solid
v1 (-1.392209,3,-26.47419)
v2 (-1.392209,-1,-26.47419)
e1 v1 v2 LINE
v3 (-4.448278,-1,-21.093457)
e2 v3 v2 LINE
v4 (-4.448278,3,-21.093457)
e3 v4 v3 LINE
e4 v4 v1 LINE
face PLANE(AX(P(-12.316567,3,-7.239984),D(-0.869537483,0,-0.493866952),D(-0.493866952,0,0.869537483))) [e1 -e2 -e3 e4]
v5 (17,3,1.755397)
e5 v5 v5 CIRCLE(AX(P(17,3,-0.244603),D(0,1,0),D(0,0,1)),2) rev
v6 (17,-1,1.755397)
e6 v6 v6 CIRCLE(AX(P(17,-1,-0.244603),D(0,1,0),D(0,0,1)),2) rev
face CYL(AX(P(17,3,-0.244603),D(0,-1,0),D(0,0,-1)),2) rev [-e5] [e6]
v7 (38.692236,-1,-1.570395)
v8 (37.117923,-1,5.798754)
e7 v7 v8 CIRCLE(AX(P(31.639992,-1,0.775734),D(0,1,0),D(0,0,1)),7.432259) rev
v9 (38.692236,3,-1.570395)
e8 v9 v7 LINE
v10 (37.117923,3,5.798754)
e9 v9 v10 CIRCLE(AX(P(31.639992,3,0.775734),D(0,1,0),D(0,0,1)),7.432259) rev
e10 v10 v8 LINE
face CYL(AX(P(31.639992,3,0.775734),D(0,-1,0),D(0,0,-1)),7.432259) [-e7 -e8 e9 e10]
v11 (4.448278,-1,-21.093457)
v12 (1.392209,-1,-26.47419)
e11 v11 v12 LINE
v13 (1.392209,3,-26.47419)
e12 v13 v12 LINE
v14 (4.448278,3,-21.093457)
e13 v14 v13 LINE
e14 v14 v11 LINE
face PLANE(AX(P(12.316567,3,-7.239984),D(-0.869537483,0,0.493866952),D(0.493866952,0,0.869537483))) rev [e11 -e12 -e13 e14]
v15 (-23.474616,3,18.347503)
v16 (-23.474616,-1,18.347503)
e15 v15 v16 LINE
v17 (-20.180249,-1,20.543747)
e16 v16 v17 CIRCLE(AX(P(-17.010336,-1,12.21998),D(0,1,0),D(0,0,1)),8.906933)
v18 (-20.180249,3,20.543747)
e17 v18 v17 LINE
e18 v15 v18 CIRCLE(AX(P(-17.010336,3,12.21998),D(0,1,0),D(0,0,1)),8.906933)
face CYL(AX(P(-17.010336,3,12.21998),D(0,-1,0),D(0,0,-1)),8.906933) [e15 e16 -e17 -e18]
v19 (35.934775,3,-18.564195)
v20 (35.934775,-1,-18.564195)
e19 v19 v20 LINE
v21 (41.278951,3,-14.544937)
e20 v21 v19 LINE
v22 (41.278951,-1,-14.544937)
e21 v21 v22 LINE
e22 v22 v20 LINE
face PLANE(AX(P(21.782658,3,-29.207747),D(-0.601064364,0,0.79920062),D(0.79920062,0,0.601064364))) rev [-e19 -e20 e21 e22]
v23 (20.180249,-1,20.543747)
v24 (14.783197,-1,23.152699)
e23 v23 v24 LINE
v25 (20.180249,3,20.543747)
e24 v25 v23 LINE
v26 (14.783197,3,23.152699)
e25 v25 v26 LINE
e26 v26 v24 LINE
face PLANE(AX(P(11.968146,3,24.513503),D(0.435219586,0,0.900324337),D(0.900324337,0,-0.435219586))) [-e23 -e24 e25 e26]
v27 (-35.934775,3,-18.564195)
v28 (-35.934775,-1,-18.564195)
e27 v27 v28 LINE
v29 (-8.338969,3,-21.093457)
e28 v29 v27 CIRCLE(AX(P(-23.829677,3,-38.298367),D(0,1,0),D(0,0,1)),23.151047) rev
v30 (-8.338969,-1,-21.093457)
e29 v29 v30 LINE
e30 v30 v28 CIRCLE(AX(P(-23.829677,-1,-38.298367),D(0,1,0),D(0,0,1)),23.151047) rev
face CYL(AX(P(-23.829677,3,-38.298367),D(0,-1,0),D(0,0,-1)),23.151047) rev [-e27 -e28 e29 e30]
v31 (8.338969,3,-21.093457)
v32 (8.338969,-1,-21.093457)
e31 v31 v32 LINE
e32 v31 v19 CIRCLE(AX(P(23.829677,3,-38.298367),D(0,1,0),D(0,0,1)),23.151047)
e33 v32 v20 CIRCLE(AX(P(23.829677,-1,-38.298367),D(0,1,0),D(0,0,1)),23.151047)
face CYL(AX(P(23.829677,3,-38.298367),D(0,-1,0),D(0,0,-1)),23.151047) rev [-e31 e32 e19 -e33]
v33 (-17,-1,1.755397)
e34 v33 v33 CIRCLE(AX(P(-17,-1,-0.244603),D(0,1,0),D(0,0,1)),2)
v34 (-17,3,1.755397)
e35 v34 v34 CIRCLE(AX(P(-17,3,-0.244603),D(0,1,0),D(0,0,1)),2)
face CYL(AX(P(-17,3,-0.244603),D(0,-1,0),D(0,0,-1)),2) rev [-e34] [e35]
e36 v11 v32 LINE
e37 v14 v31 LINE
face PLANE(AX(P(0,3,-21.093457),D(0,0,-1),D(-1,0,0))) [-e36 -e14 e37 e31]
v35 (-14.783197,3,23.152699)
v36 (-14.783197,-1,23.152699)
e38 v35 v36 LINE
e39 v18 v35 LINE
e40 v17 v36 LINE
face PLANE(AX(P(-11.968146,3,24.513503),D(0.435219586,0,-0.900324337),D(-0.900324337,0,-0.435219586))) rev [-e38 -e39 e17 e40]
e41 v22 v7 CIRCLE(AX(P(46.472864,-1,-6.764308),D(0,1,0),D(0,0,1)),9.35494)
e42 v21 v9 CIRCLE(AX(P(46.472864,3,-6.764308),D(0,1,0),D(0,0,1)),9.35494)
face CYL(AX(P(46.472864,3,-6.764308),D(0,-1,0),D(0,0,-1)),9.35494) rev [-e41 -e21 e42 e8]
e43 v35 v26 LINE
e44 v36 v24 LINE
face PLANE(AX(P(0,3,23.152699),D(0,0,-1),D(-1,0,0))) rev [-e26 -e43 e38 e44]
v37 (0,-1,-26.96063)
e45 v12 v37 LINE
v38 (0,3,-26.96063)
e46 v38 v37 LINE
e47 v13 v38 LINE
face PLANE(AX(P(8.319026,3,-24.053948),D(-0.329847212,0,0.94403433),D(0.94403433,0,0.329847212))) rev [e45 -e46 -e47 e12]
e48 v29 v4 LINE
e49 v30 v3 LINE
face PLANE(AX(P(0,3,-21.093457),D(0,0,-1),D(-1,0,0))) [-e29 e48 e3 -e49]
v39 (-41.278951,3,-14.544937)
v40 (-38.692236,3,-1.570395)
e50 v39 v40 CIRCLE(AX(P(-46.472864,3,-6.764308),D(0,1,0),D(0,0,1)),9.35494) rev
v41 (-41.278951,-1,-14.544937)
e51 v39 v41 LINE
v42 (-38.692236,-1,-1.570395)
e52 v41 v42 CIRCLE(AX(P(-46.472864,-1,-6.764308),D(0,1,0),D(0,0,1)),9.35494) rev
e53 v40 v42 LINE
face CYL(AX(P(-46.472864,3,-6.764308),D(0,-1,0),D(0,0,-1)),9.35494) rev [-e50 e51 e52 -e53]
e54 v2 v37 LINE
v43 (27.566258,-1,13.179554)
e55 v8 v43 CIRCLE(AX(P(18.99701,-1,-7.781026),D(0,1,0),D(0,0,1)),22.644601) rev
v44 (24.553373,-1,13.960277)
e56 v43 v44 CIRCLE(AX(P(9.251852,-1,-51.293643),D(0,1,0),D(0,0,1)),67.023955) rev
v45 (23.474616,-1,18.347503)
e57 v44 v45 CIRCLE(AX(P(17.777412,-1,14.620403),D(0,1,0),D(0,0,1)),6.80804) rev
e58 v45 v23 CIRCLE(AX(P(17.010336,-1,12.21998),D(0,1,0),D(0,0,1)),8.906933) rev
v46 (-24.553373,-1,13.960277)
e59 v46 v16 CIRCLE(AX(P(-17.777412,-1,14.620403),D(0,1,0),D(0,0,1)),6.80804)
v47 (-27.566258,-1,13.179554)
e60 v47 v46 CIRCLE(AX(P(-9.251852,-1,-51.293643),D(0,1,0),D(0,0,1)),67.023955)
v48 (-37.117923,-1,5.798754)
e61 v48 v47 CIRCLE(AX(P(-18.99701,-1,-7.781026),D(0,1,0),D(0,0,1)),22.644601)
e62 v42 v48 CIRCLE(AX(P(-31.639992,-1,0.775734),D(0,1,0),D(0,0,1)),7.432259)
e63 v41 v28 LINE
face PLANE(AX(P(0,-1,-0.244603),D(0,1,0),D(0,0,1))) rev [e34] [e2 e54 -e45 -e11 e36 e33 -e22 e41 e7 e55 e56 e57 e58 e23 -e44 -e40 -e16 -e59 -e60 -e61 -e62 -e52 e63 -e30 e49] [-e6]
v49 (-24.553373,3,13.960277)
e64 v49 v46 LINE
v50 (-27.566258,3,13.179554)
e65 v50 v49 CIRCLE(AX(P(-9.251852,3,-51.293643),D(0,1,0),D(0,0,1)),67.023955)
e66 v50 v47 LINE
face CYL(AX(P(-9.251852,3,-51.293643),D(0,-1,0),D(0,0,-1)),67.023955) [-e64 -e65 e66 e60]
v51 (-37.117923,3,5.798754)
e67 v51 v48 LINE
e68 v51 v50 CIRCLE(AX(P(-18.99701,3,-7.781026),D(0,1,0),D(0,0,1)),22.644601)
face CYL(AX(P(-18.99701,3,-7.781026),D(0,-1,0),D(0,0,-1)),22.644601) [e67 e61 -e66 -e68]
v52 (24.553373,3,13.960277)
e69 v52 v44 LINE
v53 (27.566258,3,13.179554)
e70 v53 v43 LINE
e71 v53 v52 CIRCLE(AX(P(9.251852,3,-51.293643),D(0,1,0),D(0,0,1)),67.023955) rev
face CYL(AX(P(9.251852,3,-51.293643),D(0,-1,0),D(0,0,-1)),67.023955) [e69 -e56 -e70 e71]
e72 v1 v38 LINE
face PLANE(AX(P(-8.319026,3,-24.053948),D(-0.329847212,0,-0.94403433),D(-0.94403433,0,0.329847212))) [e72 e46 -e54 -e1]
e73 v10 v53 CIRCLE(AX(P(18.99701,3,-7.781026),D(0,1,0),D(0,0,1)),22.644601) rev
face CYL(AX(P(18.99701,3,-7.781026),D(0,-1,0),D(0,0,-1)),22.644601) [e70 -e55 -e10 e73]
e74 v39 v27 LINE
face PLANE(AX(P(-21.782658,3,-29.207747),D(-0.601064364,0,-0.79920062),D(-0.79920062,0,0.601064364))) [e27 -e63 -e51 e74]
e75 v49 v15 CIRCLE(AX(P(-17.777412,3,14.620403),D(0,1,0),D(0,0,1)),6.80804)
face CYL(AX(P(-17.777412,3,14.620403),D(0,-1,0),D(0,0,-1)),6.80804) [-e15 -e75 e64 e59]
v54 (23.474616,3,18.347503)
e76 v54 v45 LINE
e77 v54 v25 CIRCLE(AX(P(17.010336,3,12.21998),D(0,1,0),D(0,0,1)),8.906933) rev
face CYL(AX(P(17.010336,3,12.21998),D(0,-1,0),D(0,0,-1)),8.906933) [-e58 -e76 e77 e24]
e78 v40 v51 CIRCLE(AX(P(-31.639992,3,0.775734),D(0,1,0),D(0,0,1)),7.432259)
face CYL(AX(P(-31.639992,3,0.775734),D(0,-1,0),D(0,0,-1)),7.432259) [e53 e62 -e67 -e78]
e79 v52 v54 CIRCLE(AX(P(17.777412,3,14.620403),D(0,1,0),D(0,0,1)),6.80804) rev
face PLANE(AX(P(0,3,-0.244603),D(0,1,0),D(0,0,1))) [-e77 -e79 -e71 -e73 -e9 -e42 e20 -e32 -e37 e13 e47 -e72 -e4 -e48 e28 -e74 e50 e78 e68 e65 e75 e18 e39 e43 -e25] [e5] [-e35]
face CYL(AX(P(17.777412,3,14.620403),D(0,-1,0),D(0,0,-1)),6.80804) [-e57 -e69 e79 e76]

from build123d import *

# Parameters (mm, degrees)
SKETCH2_R           = 1
BOSS_EXTRUDE1_DEPTH = 2
SCALE1_SCALE        = 2


with BuildPart() as part:
    # Sketch2 → Boss-Extrude1 (new body)
    # profile 1 of 4: a face of its own
    with BuildSketch(Plane(origin=(0, 0, 0), x_dir=(1, 0, 0), z_dir=(0, 1, 0))):
        with BuildLine():
            Line((-1.534348462, -5.637537028), (1.534348462, -5.637537028))
            ThreePointArc((1.534348462, -5.637537028), (4.324823338, -6.236497301), (6.623693303, -7.927857797))
            ThreePointArc((6.623693303, -7.927857797), (10.236440266, -7.514468852), (13.78312899, -6.712078584))
            ThreePointArc((13.78312899, -6.712078584), (16.421478173, -5.190969631), (18.558961711, -3.021678736))
            ThreePointArc((18.558961711, -3.021678736), (19.45411943, -1.286546543), (19.346117765, 0.662896123))
            ThreePointArc((19.346117765, 0.662896123), (18.649238809, 4.17439457), (20.639475337, 7.15016677))
            Line((20.639475337, 7.15016677), (17.967387551, 9.159795774))
            ThreePointArc((17.967387551, 9.159795774), (10.858325227, 7.499674132), (4.169484372, 10.424426945))
            Line((4.169484372, 10.424426945), (-4.169484372, 10.424426945))
            ThreePointArc((-4.169484372, 10.424426945), (-10.858325227, 7.499674132), (-17.967387551, 9.159795774))
            Line((-17.967387551, 9.159795774), (-20.639475337, 7.15016677))
            ThreePointArc((-20.639475337, 7.15016677), (-18.649238809, 4.17439457), (-19.346117765, 0.662896123))
            ThreePointArc((-19.346117765, 0.662896123), (-19.45411943, -1.286546543), (-18.558961711, -3.021678736))
            ThreePointArc((-18.558961711, -3.021678736), (-16.421478173, -5.190969631), (-13.78312899, -6.712078584))
            ThreePointArc((-13.78312899, -6.712078584), (-10.236440266, -7.514468852), (-6.623693303, -7.927857797))
            ThreePointArc((-6.623693303, -7.927857797), (-4.324823338, -6.236497301), (-1.534348462, -5.637537028))
        make_face()
        with Locations(Location((-8.5, 0, 0), (0, 0, 270))):
            Circle(SKETCH2_R, mode=Mode.SUBTRACT)
        with Locations(Location((8.5, 0, 0), (0, 0, 270))):
            Circle(SKETCH2_R, mode=Mode.SUBTRACT)
    # profile 2 of 4: a face of its own
    with BuildSketch(Plane(origin=(0, 0, 0), x_dir=(1, 0, 0), z_dir=(0, 1, 0))):
        Polygon((-0.696104526, 13.114793475), (-2.224138848, 10.424426945), (2.224138848, 10.424426945), (0.696104526, 13.114793475), (0, 13.358013588), align=None)
    # profile 3 of 4: a face of its own
    with BuildSketch(Plane(origin=(0, 0, 0), x_dir=(1, 0, 0), z_dir=(0, 1, 0))):
        with BuildLine():
            ThreePointArc((-12.276686285, -7.102440046), (-12.194265553, -8.245293076), (-11.737308023, -9.296052821))
            ThreePointArc((-11.737308023, -9.296052821), (-10.975506649, -9.937799505), (-10.090124565, -10.394175126))
            Line((-10.090124565, -10.394175126), (-7.391598262, -11.698651137))
            Line((-7.391598262, -11.698651137), (-0.775741109, -11.143020661))
            Line((-0.775741109, -11.143020661), (0, -10.959524643))
            Line((0, -10.959524643), (0.775741109, -11.143020661))
            Line((0.775741109, -11.143020661), (7.391598262, -11.698651137))
            Line((7.391598262, -11.698651137), (10.090124565, -10.394175126))
            ThreePointArc((10.090124565, -10.394175126), (10.975506649, -9.937799505), (11.737308023, -9.296052821))
            ThreePointArc((11.737308023, -9.296052821), (12.194265553, -8.245293076), (12.276686285, -7.102440046))
            ThreePointArc((12.276686285, -7.102440046), (9.46781094, -7.635829891), (6.623693303, -7.927857797))
            ThreePointArc((6.623693303, -7.927857797), (4.324823338, -6.236497301), (1.534348462, -5.637537028))
            Line((1.534348462, -5.637537028), (-1.534348462, -5.637537028))
            ThreePointArc((-1.534348462, -5.637537028), (-4.324823338, -6.236497301), (-6.623693303, -7.927857797))
            ThreePointArc((-6.623693303, -7.927857797), (-9.46781094, -7.635829891), (-12.276686285, -7.102440046))
        make_face()
    # profile 4 of 4: a face of its own
    with BuildSketch(Plane(origin=(0, 0, 0), x_dir=(1, 0, 0), z_dir=(0, 1, 0))):
        Polygon((-7.391598262, -11.698651137), (-0.775741109, -11.143020661), (0, -10.959524643), (0.775741109, -11.143020661), (7.391598262, -11.698651137), align=None)
    extrude(amount=BOSS_EXTRUDE1_DEPTH)


with BuildPart() as part_1:
    # Scale1: scaled about (0, 1, 0.244603094)
    add(part.part.scale(SCALE1_SCALE).moved(Location((0, -1, -0.244603094))))


solid = part_1.part
